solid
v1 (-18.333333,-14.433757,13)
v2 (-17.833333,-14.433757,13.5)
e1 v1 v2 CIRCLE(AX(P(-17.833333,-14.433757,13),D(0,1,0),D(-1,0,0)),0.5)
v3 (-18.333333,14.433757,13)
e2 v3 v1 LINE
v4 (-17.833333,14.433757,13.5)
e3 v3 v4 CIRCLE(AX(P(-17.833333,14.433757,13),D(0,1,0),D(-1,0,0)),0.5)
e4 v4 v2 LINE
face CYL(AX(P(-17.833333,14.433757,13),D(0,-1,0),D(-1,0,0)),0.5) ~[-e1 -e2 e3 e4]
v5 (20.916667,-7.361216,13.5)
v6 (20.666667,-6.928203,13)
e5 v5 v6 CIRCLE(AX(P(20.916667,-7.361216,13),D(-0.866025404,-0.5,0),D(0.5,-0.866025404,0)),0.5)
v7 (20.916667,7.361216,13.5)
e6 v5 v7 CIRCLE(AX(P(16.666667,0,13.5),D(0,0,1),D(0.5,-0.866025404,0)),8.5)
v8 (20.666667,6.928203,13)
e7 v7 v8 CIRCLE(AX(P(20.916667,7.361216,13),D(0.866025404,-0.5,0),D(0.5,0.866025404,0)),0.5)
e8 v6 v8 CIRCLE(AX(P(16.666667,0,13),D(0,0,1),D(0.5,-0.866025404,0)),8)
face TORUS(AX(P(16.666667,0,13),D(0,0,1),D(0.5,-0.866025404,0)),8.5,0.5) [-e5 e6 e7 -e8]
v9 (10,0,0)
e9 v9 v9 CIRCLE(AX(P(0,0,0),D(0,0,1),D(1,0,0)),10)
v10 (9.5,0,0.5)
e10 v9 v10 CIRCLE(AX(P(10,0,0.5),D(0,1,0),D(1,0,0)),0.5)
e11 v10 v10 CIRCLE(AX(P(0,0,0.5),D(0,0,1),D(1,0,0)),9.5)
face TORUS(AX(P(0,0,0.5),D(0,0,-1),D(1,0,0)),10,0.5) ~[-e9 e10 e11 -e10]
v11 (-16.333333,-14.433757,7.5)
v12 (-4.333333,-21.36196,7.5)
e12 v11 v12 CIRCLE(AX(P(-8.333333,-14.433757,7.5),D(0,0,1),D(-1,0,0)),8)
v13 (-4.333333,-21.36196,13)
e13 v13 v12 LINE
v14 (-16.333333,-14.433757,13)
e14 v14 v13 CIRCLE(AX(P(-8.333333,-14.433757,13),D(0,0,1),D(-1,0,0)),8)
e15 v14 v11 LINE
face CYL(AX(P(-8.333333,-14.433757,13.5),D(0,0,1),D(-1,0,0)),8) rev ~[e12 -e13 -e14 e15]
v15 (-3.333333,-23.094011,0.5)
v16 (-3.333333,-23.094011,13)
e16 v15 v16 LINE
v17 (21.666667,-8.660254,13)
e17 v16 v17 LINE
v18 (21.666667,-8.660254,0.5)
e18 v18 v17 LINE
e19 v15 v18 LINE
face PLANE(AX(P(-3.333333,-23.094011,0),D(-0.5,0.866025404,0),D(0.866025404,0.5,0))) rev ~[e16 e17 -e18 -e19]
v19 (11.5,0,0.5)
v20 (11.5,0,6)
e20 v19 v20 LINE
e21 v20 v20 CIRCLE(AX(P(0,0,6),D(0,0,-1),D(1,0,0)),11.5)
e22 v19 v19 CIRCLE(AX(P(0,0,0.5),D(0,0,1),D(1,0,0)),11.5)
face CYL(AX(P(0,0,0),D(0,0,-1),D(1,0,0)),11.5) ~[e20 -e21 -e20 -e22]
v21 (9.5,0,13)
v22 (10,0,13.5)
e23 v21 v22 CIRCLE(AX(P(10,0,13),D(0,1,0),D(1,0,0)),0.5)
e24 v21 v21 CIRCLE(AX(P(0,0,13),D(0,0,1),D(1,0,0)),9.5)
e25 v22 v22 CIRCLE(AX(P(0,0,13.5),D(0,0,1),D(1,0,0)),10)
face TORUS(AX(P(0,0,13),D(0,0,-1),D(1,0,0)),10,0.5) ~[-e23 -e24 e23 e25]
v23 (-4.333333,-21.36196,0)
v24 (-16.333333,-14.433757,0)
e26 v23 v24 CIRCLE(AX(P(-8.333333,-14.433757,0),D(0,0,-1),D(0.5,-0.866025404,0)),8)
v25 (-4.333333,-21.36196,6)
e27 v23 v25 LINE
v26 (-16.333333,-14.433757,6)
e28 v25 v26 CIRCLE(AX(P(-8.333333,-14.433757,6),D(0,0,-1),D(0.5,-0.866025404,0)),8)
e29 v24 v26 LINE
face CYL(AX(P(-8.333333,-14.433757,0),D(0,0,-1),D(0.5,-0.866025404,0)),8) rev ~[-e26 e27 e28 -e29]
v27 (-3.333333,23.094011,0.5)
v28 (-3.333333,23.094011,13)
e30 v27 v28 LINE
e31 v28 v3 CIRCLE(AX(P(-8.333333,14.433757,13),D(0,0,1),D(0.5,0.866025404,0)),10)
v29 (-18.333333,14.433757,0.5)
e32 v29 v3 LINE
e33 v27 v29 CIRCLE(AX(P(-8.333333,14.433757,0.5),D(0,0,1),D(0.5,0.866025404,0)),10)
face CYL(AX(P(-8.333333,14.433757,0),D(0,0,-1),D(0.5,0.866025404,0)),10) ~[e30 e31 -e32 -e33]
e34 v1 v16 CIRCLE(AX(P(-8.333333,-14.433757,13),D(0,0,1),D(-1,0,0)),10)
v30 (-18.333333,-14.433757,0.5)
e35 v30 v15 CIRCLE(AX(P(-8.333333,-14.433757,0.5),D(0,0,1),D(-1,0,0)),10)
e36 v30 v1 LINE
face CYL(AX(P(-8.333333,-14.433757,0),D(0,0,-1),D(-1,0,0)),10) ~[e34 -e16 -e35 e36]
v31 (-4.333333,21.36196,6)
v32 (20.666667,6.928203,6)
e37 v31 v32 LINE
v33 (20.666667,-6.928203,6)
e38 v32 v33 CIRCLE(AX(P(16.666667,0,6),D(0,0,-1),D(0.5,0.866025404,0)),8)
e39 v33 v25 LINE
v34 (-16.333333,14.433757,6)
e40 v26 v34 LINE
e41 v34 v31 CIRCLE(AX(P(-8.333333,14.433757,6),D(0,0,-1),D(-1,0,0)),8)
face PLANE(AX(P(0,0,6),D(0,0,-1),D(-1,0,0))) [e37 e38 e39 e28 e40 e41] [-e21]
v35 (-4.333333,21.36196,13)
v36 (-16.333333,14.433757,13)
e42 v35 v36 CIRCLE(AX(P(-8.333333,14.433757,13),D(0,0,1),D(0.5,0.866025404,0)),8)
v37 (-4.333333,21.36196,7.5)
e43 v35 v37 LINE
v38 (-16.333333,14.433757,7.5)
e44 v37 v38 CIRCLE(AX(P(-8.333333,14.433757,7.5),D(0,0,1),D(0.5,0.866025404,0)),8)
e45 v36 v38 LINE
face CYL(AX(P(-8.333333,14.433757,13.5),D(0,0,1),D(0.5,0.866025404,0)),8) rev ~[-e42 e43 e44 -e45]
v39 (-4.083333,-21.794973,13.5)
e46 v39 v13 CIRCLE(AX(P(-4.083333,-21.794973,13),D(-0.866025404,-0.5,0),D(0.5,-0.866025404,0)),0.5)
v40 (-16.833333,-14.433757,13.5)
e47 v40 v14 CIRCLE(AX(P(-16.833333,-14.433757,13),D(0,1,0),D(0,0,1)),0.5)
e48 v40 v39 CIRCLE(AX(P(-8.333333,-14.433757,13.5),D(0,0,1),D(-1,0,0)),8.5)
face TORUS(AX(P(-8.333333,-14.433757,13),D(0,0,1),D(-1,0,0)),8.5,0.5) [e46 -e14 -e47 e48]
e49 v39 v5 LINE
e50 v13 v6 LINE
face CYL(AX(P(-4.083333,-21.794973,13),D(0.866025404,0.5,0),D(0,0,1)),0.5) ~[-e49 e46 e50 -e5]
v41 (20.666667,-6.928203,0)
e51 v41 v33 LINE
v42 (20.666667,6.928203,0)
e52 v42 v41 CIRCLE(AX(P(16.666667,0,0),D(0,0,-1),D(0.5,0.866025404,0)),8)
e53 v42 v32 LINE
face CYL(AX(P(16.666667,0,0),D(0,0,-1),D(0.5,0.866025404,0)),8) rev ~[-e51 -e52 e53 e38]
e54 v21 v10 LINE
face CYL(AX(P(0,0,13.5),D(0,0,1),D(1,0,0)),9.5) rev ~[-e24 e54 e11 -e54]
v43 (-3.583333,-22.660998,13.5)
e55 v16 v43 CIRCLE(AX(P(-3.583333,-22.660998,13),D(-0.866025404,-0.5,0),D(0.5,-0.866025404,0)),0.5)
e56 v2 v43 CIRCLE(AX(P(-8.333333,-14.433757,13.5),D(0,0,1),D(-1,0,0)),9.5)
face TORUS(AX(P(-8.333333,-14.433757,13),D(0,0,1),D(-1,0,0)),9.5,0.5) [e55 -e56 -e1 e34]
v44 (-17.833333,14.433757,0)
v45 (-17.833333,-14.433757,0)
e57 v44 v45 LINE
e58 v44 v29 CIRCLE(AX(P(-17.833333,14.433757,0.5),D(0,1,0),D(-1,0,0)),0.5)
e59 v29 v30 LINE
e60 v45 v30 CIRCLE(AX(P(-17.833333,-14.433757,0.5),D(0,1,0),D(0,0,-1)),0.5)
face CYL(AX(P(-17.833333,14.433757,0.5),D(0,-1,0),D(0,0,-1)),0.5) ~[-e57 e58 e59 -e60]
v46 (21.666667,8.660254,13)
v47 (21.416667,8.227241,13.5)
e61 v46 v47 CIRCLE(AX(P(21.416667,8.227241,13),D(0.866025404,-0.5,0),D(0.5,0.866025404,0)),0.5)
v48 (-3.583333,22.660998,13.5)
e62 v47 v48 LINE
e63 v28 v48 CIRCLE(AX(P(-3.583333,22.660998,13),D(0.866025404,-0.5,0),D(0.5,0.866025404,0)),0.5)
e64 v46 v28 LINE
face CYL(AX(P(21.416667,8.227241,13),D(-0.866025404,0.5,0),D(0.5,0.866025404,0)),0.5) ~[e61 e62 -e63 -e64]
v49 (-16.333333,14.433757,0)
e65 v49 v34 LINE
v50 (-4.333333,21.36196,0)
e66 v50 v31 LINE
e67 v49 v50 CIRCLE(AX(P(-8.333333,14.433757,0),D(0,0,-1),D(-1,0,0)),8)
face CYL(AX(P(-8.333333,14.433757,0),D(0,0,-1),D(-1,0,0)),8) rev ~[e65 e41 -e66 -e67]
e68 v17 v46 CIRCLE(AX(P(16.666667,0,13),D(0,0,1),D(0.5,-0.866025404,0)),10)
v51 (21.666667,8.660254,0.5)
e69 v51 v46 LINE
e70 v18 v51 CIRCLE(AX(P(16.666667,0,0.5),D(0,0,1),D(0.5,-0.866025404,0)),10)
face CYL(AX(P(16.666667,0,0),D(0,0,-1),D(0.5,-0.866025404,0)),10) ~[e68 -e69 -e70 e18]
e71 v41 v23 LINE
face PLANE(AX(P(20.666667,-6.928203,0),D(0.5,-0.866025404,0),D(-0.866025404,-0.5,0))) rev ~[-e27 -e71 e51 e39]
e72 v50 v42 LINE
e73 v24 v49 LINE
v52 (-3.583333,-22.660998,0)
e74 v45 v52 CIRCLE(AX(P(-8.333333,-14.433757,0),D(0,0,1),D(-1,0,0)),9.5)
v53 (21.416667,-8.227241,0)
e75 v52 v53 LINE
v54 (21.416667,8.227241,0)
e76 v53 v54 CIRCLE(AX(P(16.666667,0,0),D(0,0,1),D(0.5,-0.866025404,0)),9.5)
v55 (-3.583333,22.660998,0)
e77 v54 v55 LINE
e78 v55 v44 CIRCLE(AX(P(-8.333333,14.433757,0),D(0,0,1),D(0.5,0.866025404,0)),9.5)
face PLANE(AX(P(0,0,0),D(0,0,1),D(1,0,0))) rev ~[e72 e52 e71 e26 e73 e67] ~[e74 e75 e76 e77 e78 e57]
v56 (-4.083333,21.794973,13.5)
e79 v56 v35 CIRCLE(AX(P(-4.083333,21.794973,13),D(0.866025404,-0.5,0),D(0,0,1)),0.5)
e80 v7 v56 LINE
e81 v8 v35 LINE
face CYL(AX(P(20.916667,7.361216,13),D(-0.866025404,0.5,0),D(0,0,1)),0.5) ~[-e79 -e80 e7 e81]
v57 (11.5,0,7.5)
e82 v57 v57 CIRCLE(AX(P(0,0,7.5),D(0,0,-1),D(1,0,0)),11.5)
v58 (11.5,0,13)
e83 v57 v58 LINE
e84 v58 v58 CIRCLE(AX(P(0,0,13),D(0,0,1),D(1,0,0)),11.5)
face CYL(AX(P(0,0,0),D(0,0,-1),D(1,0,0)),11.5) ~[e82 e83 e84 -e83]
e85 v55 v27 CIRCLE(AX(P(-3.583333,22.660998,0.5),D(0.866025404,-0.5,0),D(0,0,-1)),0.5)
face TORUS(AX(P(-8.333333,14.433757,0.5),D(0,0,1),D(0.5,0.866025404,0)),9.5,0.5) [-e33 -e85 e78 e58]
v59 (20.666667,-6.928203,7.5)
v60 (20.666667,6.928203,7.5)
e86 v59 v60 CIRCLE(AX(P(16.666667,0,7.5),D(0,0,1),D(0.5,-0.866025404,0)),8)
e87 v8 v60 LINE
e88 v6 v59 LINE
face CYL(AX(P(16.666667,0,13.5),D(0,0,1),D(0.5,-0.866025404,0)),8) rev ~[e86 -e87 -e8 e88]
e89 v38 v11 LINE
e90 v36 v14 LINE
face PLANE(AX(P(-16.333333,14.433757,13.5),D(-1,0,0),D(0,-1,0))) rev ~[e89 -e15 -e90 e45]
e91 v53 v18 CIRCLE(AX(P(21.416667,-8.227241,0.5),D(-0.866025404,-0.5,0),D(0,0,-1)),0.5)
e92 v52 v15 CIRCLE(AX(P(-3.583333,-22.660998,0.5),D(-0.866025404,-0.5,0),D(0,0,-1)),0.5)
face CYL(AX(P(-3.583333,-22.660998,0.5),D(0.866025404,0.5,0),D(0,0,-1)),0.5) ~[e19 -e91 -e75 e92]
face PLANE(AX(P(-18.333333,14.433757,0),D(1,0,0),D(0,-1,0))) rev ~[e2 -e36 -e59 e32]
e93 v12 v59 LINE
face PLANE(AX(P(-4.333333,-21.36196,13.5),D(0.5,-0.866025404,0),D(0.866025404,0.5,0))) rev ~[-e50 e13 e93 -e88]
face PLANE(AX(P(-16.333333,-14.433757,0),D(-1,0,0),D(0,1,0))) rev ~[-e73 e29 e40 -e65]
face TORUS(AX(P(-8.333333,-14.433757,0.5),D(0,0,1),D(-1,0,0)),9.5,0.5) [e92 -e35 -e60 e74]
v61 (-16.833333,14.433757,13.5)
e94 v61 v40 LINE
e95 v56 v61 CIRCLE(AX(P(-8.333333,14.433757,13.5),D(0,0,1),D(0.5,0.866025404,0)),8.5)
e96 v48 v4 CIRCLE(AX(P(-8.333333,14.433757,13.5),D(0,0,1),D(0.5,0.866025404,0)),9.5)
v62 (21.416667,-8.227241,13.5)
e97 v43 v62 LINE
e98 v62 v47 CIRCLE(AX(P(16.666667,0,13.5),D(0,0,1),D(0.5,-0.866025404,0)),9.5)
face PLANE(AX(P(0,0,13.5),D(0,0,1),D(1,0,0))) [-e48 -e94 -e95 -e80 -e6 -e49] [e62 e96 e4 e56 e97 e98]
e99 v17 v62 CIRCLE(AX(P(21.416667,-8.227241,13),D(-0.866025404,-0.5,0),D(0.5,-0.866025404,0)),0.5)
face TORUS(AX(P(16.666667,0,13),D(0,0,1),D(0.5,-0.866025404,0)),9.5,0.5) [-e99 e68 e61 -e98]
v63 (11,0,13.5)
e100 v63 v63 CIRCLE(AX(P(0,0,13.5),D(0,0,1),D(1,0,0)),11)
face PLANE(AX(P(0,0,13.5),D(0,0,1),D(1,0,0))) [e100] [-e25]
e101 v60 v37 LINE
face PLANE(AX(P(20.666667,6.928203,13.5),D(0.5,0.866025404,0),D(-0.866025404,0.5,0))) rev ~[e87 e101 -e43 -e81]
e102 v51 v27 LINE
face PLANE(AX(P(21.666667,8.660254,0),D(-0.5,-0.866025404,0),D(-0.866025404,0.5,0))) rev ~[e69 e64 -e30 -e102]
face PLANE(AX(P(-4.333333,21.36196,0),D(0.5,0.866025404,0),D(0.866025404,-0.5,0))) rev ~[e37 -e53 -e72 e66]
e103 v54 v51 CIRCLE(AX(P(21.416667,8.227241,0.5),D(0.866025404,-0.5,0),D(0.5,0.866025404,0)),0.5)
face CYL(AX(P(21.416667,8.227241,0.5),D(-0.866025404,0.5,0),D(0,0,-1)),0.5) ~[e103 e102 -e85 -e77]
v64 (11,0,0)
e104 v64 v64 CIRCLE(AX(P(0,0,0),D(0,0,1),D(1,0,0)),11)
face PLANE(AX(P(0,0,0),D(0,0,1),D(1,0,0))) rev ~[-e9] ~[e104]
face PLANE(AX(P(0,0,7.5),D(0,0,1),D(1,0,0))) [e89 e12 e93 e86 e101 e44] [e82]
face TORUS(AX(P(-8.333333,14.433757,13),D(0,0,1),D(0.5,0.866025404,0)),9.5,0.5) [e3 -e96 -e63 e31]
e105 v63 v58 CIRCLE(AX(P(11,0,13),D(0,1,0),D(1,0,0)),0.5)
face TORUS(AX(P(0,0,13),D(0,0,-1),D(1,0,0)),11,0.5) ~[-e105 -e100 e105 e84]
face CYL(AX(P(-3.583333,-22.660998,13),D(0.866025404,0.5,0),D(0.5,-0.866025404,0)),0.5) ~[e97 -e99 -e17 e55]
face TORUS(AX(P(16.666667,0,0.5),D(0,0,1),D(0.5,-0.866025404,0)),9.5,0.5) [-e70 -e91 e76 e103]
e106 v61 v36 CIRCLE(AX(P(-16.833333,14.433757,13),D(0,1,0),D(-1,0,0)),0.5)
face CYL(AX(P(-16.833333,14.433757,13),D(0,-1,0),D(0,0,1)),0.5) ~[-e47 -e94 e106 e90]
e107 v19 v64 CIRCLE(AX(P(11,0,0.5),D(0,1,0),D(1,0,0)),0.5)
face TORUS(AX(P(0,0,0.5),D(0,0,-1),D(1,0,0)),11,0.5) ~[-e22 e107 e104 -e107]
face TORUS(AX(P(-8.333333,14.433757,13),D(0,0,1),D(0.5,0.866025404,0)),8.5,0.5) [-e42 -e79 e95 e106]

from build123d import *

# Parameters (mm, degrees)
EXTRUDE_1_DEPTH     = 13.5
CUT_EXTRUDE_1_DEPTH = 6
CUT_EXTRUDE_2_DEPTH = 6
EXTRUDE_START       = -7.5
SKETCH_4_R          = 11.5
EXTRUDE_2_DEPTH     = 13.5
CUT_EXTRUDE_3_REACH = 15.5
SKETCH_5_R          = 9.5
FILLET_1_R          = 0.5


with BuildPart() as part:
    # 草圖1 → 填料-伸長1 (new body)
    with BuildSketch(Plane.XY):
        with BuildLine():
            Line((21.666666667, 8.660254038), (-3.333333333, 23.094010768))
            ThreePointArc((-3.333333333, 23.094010768), (-13.333333333, 23.094010768), (-18.333333333, 14.43375673))
            Line((-18.333333333, 14.43375673), (-18.333333333, -14.43375673))
            ThreePointArc((-18.333333333, -14.43375673), (-13.333333333, -23.094010768), (-3.333333333, -23.094010768))
            Line((-3.333333333, -23.094010768), (21.666666667, -8.660254038))
            ThreePointArc((21.666666667, -8.660254038), (26.666666667, 0), (21.666666667, 8.660254038))
        make_face()
    extrude(amount=EXTRUDE_1_DEPTH)

    # 草圖2 → 除料-伸長1 (cut)
    with BuildSketch(Plane.XY.offset(13.5)):
        with BuildLine():
            Line((20.666666667, 6.92820323), (-4.333333333, 21.36195996))
            ThreePointArc((-4.333333333, 21.36195996), (-12.333333333, 21.36195996), (-16.333333333, 14.43375673))
            Line((-16.333333333, 14.43375673), (-16.333333333, -14.43375673))
            ThreePointArc((-16.333333333, -14.43375673), (-12.333333333, -21.36195996), (-4.333333333, -21.36195996))
            Line((-4.333333333, -21.36195996), (20.666666667, -6.92820323))
            ThreePointArc((20.666666667, -6.92820323), (24.666666667, 0), (20.666666667, 6.92820323))
        make_face()
    extrude(amount=-CUT_EXTRUDE_1_DEPTH, mode=Mode.SUBTRACT)

    # 草圖3 → 除料-伸長2 (cut)
    with BuildSketch(Plane(origin=(0, 0, 0), x_dir=(-1, 0, 0), z_dir=(0, 0, -1))):
        with BuildLine():
            Line((-20.666666667, -6.92820323), (4.333333333, -21.36195996))
            ThreePointArc((4.333333333, -21.36195996), (12.333333333, -21.36195996), (16.333333333, -14.43375673))
            Line((16.333333333, -14.43375673), (16.333333333, 14.43375673))
            ThreePointArc((16.333333333, 14.43375673), (12.333333333, 21.36195996), (4.333333333, 21.36195996))
            Line((4.333333333, 21.36195996), (-20.666666667, 6.92820323))
            ThreePointArc((-20.666666667, 6.92820323), (-24.666666667, 0), (-20.666666667, -6.92820323))
        make_face()
    extrude(amount=-CUT_EXTRUDE_2_DEPTH, mode=Mode.SUBTRACT)

    # 草圖4 → 填料-伸長2 (add)
    with BuildSketch(Plane.XY.offset(7.5).offset(EXTRUDE_START)):
        Circle(SKETCH_4_R)
    extrude(amount=EXTRUDE_2_DEPTH)

    # 草圖5 → 除料-伸長3 (cut, up to next)
    with BuildSketch(Plane.XY.offset(13.5), mode=Mode.PRIVATE) as cut_extrude_3_sk1:
        Circle(SKETCH_5_R)
    cut_extrude_3_tool1 = extrude(cut_extrude_3_sk1.sketch, amount=-CUT_EXTRUDE_3_REACH, mode=Mode.PRIVATE) & part.part
    add(cut_extrude_3_tool1.solids().sort_by_distance((0, 0, 13.5))[0], mode=Mode.SUBTRACT)

    # 圓角1
    fillet_1_edges = [part.edges().sort_by_distance(p)[0] for p in [
        (-13.333333333, 23.094010768, 13.5),
        (-18.333333333, 0, 13.5),
        (-13.333333333, -23.094010768, 13.5),
        (24.666666667, 0, 13.5),
        (9.166666667, -15.877132403, 13.5),
        (8.166666667, 14.145081595, 13.5),
        (-12.333333333, 21.36195996, 13.5),
        (-16.333333333, 0, 13.5),
        (-12.333333333, -21.36195996, 13.5),
        (8.166666667, -14.145081595, 13.5),
        (26.666666667, 0, 13.5),
        (-11.5, 0, 13.5),
        (-11.5, 0, 0),
        (-9.5, 0, 0),
        (-9.5, 0, 13.5),
        (9.166666667, -15.877132403, 0),
        (-13.333333333, -23.094010768, 0),
        (-18.333333333, 0, 0),
        (-13.333333333, 23.094010768, 0),
        (9.166666667, 15.877132403, 0),
        (26.666666667, 0, 0),
        (9.166666667, 15.877132403, 13.5),
    ]]
    fillet(fillet_1_edges, radius=FILLET_1_R)


solid = part.part
